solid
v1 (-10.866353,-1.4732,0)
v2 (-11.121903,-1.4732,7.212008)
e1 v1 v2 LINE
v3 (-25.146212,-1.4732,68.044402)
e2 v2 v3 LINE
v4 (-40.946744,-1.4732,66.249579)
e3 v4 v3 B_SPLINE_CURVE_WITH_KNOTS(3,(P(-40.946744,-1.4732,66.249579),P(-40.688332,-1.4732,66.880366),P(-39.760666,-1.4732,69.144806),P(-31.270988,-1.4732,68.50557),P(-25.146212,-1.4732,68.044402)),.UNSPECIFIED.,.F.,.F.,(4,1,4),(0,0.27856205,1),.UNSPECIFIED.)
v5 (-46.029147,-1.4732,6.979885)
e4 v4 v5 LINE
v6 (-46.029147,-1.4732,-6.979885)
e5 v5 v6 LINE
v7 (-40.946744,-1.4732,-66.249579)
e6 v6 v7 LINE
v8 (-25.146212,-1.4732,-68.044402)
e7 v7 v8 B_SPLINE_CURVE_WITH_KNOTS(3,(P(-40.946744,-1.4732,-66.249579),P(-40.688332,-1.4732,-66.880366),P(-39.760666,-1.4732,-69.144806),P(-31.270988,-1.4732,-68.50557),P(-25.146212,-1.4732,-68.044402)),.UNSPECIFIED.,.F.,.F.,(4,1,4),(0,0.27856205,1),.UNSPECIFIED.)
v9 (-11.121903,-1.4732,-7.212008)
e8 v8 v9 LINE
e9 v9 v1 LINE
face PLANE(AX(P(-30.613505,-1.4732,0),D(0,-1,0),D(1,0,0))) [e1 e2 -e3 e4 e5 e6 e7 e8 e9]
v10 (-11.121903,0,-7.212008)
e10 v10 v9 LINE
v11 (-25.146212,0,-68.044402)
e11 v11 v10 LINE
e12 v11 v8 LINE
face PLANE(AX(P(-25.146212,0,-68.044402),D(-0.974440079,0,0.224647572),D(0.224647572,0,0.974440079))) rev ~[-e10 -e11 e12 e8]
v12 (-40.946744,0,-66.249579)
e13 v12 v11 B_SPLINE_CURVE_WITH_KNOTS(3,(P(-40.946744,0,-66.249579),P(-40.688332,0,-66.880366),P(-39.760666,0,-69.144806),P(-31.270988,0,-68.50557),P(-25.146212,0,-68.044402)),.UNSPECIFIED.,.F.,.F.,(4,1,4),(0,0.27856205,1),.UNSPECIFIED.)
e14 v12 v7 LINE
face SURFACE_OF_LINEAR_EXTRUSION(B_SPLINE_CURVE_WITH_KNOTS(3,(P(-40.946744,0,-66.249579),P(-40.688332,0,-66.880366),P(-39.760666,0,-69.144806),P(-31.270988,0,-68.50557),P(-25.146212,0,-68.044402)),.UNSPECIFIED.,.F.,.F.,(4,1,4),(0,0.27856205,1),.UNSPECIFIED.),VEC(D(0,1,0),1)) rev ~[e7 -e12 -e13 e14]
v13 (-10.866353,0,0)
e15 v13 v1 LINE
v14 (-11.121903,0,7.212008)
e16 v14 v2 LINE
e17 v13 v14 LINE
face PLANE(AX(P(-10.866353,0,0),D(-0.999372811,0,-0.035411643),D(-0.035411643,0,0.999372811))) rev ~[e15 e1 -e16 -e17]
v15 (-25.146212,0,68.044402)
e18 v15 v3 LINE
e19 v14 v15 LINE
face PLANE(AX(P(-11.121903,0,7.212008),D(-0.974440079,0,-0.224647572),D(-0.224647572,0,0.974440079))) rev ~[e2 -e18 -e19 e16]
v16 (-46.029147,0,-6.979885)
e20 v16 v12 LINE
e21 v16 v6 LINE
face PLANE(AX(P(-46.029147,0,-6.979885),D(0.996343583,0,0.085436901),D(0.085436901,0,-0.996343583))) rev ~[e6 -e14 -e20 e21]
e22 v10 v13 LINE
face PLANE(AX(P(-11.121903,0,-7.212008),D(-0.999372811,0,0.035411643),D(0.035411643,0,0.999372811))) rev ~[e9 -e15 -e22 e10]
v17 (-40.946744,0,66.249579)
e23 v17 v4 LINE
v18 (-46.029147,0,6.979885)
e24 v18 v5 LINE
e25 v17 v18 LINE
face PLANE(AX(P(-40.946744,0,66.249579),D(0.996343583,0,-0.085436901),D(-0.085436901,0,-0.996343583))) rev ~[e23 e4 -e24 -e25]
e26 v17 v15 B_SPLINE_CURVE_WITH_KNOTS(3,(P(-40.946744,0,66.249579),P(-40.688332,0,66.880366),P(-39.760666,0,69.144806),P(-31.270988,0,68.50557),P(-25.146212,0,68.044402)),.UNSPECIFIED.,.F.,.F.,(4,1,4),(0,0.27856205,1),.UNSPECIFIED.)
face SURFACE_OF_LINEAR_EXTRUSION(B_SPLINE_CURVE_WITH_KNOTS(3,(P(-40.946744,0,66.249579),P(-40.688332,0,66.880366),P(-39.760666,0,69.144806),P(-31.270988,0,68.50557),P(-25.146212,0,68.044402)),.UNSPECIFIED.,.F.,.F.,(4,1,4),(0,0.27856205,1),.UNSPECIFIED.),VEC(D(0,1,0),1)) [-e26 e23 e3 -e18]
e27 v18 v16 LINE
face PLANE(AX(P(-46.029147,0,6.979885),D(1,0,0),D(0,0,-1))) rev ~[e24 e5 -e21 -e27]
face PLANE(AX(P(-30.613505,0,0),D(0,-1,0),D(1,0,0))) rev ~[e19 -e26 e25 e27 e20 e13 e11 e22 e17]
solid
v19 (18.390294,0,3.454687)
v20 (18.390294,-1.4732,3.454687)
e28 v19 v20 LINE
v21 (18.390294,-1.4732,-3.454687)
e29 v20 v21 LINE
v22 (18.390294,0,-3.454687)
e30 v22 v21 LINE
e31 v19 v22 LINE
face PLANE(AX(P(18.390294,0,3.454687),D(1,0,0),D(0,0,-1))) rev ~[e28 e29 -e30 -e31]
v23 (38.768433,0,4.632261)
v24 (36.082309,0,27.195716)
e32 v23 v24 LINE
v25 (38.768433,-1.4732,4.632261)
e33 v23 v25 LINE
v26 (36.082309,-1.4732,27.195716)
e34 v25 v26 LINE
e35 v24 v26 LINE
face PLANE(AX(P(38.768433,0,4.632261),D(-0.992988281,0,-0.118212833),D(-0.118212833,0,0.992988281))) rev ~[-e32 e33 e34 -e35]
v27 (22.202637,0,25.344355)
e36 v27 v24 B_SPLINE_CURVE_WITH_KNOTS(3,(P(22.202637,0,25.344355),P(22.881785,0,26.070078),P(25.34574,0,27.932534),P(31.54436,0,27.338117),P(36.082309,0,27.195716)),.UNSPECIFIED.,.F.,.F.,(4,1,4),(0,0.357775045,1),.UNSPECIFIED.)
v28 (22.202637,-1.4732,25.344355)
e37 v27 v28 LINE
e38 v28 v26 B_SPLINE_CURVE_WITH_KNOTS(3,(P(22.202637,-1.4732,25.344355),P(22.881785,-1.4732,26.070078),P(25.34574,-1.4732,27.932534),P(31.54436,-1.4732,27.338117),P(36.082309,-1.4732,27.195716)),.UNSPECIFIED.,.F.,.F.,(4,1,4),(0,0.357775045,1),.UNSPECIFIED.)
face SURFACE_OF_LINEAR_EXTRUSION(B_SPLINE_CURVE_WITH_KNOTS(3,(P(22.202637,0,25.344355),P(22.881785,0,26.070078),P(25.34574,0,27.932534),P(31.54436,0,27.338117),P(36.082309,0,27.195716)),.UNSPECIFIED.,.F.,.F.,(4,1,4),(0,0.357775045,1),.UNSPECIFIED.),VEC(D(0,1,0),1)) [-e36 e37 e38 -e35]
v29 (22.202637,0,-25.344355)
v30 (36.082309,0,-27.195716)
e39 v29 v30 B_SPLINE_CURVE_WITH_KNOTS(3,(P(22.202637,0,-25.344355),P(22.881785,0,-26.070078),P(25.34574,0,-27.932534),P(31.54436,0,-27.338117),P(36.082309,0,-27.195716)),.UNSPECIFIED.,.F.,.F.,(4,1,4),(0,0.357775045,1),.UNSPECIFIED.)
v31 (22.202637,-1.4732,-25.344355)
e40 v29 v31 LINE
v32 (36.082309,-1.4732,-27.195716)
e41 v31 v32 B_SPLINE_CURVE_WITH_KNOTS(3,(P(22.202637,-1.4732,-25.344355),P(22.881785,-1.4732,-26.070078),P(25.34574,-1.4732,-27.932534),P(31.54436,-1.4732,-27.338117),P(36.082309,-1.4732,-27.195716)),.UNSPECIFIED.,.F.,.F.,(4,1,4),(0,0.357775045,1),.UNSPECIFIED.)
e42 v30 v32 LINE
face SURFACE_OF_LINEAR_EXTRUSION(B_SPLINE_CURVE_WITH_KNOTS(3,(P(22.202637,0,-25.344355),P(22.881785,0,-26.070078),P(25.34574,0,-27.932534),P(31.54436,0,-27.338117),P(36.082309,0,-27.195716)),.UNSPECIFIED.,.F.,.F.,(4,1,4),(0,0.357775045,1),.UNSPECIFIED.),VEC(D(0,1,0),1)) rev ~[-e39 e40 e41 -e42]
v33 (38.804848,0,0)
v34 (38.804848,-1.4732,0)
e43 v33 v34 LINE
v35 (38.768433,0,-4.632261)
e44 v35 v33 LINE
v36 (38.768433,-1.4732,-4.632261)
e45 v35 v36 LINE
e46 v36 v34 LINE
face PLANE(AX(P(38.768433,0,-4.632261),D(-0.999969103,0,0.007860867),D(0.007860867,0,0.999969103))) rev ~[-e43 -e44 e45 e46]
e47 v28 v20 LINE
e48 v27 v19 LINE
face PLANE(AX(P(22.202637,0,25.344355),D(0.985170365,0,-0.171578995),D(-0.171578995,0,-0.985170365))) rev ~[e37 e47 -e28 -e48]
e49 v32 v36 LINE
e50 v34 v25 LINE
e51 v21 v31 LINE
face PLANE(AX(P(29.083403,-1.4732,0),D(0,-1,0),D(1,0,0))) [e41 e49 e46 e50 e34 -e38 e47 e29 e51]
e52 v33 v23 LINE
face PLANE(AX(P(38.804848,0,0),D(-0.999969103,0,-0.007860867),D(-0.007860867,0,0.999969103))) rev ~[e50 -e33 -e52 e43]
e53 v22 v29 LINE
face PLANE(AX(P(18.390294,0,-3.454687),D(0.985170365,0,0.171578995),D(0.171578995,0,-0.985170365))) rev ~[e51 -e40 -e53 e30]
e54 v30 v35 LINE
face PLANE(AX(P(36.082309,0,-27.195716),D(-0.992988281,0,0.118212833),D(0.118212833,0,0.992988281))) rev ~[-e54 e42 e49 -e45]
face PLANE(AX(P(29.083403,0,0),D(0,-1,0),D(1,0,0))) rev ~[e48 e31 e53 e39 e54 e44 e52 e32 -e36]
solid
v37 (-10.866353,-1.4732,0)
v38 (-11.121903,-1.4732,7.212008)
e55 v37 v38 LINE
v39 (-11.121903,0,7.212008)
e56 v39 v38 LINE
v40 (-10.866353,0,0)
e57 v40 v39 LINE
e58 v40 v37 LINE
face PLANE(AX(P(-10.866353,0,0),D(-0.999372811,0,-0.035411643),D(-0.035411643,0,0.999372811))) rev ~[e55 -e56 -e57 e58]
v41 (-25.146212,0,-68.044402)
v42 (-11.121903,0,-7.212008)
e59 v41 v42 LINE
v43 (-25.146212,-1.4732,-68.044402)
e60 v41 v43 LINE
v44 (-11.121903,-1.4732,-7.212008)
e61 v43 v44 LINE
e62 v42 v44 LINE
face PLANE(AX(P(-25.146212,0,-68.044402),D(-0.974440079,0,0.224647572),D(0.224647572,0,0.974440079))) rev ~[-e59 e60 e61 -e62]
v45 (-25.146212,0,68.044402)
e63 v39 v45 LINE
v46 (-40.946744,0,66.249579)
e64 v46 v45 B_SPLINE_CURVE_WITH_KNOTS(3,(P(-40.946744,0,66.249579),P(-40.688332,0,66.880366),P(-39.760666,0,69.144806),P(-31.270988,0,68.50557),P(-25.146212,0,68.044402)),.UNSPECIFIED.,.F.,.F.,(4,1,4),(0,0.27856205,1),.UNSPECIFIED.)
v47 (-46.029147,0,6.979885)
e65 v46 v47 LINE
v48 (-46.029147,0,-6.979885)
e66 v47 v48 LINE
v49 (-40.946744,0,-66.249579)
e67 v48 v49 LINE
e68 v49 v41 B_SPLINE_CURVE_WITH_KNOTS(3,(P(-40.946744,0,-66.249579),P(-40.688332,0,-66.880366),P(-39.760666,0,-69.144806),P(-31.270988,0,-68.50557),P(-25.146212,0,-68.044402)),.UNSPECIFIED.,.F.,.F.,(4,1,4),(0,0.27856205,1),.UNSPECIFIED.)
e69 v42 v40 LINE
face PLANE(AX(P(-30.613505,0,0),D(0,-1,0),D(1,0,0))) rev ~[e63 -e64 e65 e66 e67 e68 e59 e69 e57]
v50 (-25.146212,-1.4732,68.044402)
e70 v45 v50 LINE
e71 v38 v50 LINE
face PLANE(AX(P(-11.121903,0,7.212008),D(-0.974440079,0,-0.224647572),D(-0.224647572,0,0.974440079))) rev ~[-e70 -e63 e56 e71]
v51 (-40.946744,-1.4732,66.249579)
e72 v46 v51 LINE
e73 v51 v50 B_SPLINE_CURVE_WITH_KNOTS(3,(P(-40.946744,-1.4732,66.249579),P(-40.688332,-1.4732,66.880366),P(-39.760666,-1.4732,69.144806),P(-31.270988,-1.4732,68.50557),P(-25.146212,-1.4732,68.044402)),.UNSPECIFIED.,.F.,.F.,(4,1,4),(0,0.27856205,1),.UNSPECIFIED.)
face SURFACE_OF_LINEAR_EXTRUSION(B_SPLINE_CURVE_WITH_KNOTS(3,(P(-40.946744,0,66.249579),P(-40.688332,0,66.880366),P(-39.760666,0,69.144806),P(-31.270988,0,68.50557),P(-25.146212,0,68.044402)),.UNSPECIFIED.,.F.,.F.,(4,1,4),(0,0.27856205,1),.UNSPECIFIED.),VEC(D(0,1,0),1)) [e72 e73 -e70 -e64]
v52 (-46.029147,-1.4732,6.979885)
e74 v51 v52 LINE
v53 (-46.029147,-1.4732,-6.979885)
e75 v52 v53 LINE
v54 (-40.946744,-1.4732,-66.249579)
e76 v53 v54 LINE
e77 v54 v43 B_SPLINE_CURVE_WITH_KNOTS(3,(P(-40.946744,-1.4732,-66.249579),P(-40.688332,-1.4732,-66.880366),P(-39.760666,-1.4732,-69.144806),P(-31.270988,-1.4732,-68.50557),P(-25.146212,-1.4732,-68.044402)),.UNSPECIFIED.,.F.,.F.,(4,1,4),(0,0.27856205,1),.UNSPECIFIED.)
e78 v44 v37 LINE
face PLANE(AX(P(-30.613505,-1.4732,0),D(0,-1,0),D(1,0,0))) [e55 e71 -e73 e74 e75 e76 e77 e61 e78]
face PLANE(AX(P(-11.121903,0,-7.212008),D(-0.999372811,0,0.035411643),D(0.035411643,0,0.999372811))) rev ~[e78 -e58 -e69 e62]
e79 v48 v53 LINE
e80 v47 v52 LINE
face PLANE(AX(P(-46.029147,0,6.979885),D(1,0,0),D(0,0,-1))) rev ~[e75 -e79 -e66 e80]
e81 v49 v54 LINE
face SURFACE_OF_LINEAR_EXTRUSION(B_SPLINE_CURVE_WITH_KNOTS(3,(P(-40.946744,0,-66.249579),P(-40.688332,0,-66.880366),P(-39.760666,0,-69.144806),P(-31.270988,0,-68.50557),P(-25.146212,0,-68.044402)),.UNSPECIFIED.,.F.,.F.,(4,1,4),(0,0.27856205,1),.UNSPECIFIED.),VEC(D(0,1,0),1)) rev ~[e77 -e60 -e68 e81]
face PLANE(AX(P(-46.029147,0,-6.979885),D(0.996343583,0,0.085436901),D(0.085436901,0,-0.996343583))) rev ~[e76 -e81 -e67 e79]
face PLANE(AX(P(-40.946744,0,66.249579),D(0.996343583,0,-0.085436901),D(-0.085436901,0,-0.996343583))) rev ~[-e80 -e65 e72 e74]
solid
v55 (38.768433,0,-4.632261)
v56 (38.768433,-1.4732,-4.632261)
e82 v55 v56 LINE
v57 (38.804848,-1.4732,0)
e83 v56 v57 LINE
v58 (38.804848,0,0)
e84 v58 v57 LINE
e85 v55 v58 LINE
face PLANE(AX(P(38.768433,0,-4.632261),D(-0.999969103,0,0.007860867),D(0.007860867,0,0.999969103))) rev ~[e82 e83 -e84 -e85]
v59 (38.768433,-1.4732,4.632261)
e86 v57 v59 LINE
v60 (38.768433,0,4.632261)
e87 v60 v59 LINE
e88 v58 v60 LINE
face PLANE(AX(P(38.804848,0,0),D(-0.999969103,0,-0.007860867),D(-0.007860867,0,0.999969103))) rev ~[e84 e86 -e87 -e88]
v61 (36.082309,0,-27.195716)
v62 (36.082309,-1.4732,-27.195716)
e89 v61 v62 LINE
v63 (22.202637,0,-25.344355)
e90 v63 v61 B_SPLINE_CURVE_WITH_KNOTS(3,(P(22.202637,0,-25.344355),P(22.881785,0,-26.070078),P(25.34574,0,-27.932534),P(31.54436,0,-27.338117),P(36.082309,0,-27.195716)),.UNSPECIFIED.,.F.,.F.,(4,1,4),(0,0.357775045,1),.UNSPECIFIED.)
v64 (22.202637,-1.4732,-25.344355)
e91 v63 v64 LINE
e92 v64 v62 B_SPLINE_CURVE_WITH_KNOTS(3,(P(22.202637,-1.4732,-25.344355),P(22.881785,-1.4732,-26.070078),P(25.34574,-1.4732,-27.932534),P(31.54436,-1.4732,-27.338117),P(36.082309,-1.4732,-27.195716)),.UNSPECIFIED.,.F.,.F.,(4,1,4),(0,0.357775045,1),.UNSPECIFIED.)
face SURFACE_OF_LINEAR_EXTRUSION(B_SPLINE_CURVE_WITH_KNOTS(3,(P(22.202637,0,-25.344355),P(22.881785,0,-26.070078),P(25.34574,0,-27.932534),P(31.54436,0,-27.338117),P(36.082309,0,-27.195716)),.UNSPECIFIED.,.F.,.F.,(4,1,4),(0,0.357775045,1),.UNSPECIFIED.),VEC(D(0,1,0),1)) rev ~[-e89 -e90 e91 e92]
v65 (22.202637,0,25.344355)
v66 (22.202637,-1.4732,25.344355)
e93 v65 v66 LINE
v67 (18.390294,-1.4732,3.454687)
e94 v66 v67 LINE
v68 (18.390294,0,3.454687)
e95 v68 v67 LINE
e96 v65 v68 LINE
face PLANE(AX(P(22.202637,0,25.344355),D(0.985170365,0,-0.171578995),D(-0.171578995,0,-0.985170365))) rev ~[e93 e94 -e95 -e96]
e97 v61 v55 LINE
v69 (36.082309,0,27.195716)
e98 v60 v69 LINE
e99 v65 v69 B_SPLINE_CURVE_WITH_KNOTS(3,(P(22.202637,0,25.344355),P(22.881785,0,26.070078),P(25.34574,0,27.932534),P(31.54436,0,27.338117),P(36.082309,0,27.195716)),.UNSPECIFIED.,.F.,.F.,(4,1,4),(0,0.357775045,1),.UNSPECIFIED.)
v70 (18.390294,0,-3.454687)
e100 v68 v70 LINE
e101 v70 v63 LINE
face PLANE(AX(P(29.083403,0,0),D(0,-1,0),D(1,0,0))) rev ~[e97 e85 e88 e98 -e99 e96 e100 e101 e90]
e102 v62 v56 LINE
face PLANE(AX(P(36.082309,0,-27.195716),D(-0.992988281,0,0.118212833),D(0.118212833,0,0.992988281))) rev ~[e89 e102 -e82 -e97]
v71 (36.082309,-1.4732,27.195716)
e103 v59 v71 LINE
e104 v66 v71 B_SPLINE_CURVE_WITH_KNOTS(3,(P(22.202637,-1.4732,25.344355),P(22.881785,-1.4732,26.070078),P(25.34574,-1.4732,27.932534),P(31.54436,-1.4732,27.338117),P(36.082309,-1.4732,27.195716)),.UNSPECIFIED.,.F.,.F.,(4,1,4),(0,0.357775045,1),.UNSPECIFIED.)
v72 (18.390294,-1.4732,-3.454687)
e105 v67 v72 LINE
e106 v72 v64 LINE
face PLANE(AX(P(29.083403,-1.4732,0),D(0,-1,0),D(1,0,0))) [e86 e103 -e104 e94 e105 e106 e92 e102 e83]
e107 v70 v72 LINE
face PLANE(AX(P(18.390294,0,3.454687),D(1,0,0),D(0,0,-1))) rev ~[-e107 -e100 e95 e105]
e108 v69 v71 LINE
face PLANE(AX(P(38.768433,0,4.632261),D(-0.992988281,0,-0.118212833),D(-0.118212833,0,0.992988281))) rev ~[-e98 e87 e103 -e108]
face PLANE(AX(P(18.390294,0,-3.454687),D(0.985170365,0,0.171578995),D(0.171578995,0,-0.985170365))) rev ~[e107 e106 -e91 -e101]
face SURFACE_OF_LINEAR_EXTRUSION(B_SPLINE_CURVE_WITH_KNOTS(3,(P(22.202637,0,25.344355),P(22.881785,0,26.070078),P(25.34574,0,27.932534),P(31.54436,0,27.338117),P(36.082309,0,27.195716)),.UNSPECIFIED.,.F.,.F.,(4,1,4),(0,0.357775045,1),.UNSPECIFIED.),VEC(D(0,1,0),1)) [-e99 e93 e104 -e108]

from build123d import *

# Parameters (mm, degrees)
F1_DEPTH = 1.4732
F2_DEPTH = 1.4732


with BuildPart() as f1:
    # F0 (on Front) → F1 (new body)
    with BuildSketch(Plane.XZ):
        with BuildLine():
            Line((-46.0291467607, 6.9798850454), (-46.0291467607, 0))
            Line((-46.0291467607, 0), (-46.0291467607, -6.9798850454))
            Line((-46.0291467607, -6.9798850454), (-40.9467443824, -66.2495791912))
            add(Edge.make_bspline(
                [(-40.9467443824, -66.2495791912), (-40.6883318068, -66.8803661985), (-39.7606656869, -69.1448060552), (-31.2709880581, -68.5055704966), (-25.1462124288, -68.0444017053)],
                knots=[0, 0, 0, 0, 0.2785620495, 1, 1, 1, 1], degree=3))
            Line((-25.1462124288, -68.0444017053), (-11.1219026148, -7.2120078839))
            Line((-11.1219026148, -7.2120078839), (-10.8663532883, 0))
            Line((-10.8663532883, 0), (-11.1219026148, 7.2120078839))
            Line((-11.1219026148, 7.2120078839), (-25.1462124288, 68.0444017053))
            add(Edge.make_bspline(
                [(-40.9467443824, 66.2495791912), (-40.6883318068, 66.8803661985), (-39.7606656869, 69.1448060552), (-31.2709880581, 68.5055704966), (-25.1462124288, 68.0444017053)],
                knots=[0, 0, 0, 0, 0.2785620495, 1, 1, 1, 1], degree=3))
            Line((-40.9467443824, 66.2495791912), (-46.0291467607, 6.9798850454))
        make_face()
    extrude(amount=F1_DEPTH)


with BuildPart() as f1b:
    # F0 (on Front) → F1, piece 2 (new body)
    with BuildSketch(Plane.XZ):
        with BuildLine():
            Line((18.3902941644, 3.454687075), (18.3902941644, 0))
            Line((18.3902941644, 0), (18.3902941644, -3.454687075))
            Line((18.3902941644, -3.454687075), (22.2026370466, -25.3443550318))
            add(Edge.make_bspline(
                [(22.2026370466, -25.3443550318), (22.8817845256, -26.070078438), (25.3457400214, -27.9325335411), (31.5443602575, -27.338116992), (36.0823087394, -27.1957162768)],
                knots=[0, 0, 0, 0, 0.3577750446, 1, 1, 1, 1], degree=3))
            Line((36.0823087394, -27.1957162768), (38.7684330344, -4.6322611161))
            Line((38.7684330344, -4.6322611161), (38.8048477471, 0))
            Line((38.8048477471, 0), (38.7684330344, 4.6322611161))
            Line((38.7684330344, 4.6322611161), (36.0823087394, 27.1957162768))
            add(Edge.make_bspline(
                [(22.2026370466, 25.3443550318), (22.8817845256, 26.070078438), (25.3457400214, 27.9325335411), (31.5443602575, 27.338116992), (36.0823087394, 27.1957162768)],
                knots=[0, 0, 0, 0, 0.3577750446, 1, 1, 1, 1], degree=3))
            Line((22.2026370466, 25.3443550318), (18.3902941644, 3.454687075))
        make_face()
    extrude(amount=F1_DEPTH)


with BuildPart() as f2:
    # F0 (on Front) → F2 (new body)
    with BuildSketch(Plane.XZ):
        with BuildLine():
            Line((-46.0291467607, 6.9798850454), (-46.0291467607, 0))
            Line((-46.0291467607, 0), (-46.0291467607, -6.9798850454))
            Line((-46.0291467607, -6.9798850454), (-40.9467443824, -66.2495791912))
            add(Edge.make_bspline(
                [(-40.9467443824, -66.2495791912), (-40.6883318068, -66.8803661985), (-39.7606656869, -69.1448060552), (-31.2709880581, -68.5055704966), (-25.1462124288, -68.0444017053)],
                knots=[0, 0, 0, 0, 0.2785620495, 1, 1, 1, 1], degree=3))
            Line((-25.1462124288, -68.0444017053), (-11.1219026148, -7.2120078839))
            Line((-11.1219026148, -7.2120078839), (-10.8663532883, 0))
            Line((-10.8663532883, 0), (-11.1219026148, 7.2120078839))
            Line((-11.1219026148, 7.2120078839), (-25.1462124288, 68.0444017053))
            add(Edge.make_bspline(
                [(-40.9467443824, 66.2495791912), (-40.6883318068, 66.8803661985), (-39.7606656869, 69.1448060552), (-31.2709880581, 68.5055704966), (-25.1462124288, 68.0444017053)],
                knots=[0, 0, 0, 0, 0.2785620495, 1, 1, 1, 1], degree=3))
            Line((-40.9467443824, 66.2495791912), (-46.0291467607, 6.9798850454))
        make_face()
    extrude(amount=F2_DEPTH)


with BuildPart() as f2b:
    # F0 (on Front) → F2, piece 2 (new body)
    with BuildSketch(Plane.XZ):
        with BuildLine():
            Line((18.3902941644, 3.454687075), (18.3902941644, 0))
            Line((18.3902941644, 0), (18.3902941644, -3.454687075))
            Line((18.3902941644, -3.454687075), (22.2026370466, -25.3443550318))
            add(Edge.make_bspline(
                [(22.2026370466, -25.3443550318), (22.8817845256, -26.070078438), (25.3457400214, -27.9325335411), (31.5443602575, -27.338116992), (36.0823087394, -27.1957162768)],
                knots=[0, 0, 0, 0, 0.3577750446, 1, 1, 1, 1], degree=3))
            Line((36.0823087394, -27.1957162768), (38.7684330344, -4.6322611161))
            Line((38.7684330344, -4.6322611161), (38.8048477471, 0))
            Line((38.8048477471, 0), (38.7684330344, 4.6322611161))
            Line((38.7684330344, 4.6322611161), (36.0823087394, 27.1957162768))
            add(Edge.make_bspline(
                [(22.2026370466, 25.3443550318), (22.8817845256, 26.070078438), (25.3457400214, 27.9325335411), (31.5443602575, 27.338116992), (36.0823087394, 27.1957162768)],
                knots=[0, 0, 0, 0, 0.3577750446, 1, 1, 1, 1], degree=3))
            Line((22.2026370466, 25.3443550318), (18.3902941644, 3.454687075))
        make_face()
    extrude(amount=F2_DEPTH)


solid = Compound([f1.part, f1b.part, f2.part, f2b.part])
